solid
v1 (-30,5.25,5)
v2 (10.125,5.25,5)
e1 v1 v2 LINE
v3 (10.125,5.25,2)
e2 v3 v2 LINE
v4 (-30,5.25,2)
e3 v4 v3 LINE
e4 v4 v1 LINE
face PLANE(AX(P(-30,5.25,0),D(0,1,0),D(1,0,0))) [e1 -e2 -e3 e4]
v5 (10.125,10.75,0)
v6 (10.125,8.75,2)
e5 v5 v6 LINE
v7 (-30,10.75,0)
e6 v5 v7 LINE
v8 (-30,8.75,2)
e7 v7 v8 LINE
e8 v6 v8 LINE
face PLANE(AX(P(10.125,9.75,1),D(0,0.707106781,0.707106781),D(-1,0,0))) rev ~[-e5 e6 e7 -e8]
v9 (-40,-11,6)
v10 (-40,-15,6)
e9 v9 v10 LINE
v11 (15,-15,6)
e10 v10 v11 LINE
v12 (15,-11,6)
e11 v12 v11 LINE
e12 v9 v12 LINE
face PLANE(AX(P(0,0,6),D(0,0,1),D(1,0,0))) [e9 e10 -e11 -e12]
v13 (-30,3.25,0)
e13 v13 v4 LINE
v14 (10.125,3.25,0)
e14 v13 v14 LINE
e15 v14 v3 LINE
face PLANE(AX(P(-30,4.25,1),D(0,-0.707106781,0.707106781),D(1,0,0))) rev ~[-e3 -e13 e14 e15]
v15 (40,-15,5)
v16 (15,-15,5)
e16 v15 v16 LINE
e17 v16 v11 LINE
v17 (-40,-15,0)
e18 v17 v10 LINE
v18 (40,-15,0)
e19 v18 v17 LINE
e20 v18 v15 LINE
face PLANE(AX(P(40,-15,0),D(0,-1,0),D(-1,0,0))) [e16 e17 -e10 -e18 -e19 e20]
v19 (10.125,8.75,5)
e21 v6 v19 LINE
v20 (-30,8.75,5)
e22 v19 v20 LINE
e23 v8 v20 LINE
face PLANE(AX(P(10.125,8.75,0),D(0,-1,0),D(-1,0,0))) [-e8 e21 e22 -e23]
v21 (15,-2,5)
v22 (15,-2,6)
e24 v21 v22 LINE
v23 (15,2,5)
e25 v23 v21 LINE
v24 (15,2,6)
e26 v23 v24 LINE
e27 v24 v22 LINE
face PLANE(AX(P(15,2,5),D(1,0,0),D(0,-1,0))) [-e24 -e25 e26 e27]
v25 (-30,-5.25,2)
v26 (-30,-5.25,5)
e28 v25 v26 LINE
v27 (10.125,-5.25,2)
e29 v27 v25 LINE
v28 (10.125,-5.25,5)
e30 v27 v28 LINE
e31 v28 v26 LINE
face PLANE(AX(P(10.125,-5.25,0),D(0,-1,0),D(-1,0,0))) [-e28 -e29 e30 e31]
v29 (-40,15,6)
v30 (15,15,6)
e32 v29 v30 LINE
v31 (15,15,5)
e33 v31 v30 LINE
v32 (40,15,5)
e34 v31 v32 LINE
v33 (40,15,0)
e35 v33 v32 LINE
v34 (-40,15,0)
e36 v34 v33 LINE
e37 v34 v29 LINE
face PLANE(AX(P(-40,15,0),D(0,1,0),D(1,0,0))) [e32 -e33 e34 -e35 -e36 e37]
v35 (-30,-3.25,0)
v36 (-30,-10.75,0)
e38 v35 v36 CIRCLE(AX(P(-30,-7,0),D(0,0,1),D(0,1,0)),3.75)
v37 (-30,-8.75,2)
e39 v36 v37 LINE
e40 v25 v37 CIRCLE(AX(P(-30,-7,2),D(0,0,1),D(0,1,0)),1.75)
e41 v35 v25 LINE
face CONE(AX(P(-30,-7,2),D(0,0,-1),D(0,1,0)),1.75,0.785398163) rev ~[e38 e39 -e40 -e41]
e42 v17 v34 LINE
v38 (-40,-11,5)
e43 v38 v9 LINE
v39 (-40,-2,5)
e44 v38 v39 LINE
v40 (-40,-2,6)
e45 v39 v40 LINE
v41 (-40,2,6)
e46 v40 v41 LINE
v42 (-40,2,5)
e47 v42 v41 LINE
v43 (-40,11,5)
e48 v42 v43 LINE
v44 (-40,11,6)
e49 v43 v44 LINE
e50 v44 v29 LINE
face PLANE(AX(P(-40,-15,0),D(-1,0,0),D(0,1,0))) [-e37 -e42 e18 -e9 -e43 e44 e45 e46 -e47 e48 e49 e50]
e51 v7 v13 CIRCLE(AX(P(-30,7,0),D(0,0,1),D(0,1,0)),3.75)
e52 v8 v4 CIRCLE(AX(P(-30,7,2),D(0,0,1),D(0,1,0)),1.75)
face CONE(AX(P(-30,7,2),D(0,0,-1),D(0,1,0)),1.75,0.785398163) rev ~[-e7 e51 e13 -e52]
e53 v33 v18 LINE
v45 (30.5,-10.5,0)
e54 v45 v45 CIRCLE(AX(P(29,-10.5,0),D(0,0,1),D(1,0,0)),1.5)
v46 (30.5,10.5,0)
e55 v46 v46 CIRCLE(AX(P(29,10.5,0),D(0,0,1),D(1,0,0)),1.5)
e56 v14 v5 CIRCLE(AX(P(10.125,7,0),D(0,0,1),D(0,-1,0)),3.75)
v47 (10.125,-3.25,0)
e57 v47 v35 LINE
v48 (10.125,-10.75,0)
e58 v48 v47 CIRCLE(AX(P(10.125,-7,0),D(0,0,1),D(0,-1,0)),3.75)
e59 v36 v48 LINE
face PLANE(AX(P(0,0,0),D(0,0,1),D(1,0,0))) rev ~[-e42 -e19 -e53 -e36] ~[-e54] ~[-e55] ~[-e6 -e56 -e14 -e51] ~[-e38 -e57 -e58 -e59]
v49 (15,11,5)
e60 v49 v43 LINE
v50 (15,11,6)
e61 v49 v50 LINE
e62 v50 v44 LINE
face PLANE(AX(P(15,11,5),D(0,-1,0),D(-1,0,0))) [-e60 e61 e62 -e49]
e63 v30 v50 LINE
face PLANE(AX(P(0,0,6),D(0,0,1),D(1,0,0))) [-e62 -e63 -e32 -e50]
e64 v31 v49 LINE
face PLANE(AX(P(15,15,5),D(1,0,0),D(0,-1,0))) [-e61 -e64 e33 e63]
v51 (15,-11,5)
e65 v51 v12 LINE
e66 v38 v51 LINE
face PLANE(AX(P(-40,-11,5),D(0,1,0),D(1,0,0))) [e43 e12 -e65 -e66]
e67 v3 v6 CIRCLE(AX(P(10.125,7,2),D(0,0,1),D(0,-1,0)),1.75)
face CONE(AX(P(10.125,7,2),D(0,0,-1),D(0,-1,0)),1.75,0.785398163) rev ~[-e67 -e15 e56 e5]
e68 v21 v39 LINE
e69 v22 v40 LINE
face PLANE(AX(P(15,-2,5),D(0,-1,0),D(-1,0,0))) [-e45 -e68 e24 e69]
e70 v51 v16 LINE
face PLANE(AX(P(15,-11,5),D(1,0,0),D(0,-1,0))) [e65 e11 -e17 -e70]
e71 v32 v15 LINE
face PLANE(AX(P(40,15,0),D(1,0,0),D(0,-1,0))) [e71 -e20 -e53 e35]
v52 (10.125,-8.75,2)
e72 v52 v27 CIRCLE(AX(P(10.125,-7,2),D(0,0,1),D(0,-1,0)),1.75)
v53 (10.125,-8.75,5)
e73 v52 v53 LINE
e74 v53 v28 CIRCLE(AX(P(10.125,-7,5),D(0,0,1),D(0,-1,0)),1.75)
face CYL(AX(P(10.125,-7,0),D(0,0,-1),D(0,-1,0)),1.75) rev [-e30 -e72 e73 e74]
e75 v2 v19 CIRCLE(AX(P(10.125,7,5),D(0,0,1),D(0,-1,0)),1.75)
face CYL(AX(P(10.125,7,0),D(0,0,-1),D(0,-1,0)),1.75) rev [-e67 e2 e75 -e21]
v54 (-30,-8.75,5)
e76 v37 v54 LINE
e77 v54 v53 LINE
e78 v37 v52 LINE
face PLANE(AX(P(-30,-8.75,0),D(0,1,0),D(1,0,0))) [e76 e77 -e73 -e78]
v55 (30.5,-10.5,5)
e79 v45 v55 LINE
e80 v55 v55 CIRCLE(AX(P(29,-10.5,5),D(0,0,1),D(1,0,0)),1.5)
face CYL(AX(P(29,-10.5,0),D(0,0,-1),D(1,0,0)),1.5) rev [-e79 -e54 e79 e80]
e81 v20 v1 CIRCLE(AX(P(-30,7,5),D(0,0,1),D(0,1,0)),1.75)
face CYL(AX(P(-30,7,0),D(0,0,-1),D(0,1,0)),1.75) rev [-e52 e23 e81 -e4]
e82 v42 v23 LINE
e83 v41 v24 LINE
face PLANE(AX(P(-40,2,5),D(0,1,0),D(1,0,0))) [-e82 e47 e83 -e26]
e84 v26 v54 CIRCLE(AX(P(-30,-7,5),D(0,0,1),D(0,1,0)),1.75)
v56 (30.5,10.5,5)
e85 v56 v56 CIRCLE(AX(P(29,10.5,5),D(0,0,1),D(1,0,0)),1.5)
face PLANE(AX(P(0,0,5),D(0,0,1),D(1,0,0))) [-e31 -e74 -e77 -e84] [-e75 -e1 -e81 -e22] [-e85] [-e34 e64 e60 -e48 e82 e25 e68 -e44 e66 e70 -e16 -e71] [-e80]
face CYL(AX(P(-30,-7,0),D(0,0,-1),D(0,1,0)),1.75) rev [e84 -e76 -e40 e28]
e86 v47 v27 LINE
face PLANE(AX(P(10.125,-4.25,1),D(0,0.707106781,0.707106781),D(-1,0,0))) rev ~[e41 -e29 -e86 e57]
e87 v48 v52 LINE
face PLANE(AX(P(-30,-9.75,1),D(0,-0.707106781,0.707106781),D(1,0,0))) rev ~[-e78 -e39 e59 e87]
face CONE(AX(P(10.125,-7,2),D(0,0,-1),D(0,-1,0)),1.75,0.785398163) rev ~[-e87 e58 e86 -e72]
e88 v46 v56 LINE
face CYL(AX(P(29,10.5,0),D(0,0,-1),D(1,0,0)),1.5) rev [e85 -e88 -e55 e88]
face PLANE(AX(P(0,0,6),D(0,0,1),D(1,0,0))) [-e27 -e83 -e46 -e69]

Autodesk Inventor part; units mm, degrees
ref_plane "YZ Plane" through (0, 0, 0) normal (1, 0, 0) x (0, 1, 0)
ref_plane "XZ Plane" through (0, 0, 0) normal (0, 1, 0) x (-1, 0, 0)
ref_plane "XY Plane" through (0, 0, 0) normal (0, 0, 1) x (1, 0, 0)
sketch "Sketch1" plane through (0, 0, 0) normal (0, 0, 1) x (1, 0, 0)
  line L0 (-40, 15) -> (40, 15)
  line L1 (40, 15) -> (40, -15)
  line L2 (40, -15) -> (-40, -15)
  line L3 (-40, -15) -> (-40, 15)
  line L4 (-30, 7) -> (10.125, 7) construction
  line L5 (-30, 5.25) -> (10.125, 5.25)
  line L6 (10.125, 8.75) -> (-30, 8.75)
  arc A0 (-30, 8.75) -> (-30, 5.25) centre (-30, 7) ccw
  arc A1 (10.125, 5.25) -> (10.125, 8.75) centre (10.125, 7) ccw
  line L7 (-30, -7) -> (10.125, -7) construction
  line L8 (-30, -8.75) -> (10.125, -8.75)
  line L9 (10.125, -5.25) -> (-30, -5.25)
  arc A2 (-30, -5.25) -> (-30, -8.75) centre (-30, -7) ccw
  arc A3 (10.125, -8.75) -> (10.125, -5.25) centre (10.125, -7) ccw
  circle A4 centre (29, 10.5) radius 1.5
  circle A5 centre (29, -10.5) radius 1.5
  point P0 (0, 0)
  point P1 (-9.9375, 7)
  point P2 (-9.9375, -7)
  point P3 (40, 0)
  point P4 (0, -15)
  dimension "d0" = 21
  dimension "d1" = 11
  dimension "d2" = 30
  dimension "d3" = 3
  dimension "d4" = 4.5
  dimension "d5" = 80
  dimension "d6" = 3.5
  dimension "d7" = 3.5
  dimension "d8" = 10
  dimension "d10" = 10
  dimension "d11" = 8
  dimension "d12" = 8
  dimension "d13" = 18.875
  dimension "d14" = 18.875
extrude "Extrusion1" add sketch "Sketch1" along normal blind 5
sketch "Sketch2" plane through (0, 0, 5) normal (0, 0, 1) x (1, 0, 0)
  line L0 (-40, 15) -> (15, 15)
  line L1 (15, 15) -> (15, 11)
  line L2 (15, 11) -> (-40, 11)
  line L3 (-40, 11) -> (-40, 15)
  line L4 (-40, 2) -> (15, 2)
  line L5 (15, 2) -> (15, -2)
  line L6 (15, -2) -> (-40, -2)
  line L7 (-40, -2) -> (-40, 2)
  line L8 (-40, 15) -> (-40, -15) projected
  line L9 (-40, -15) -> (40, -15) projected
  line L10 (-40, -11) -> (15, -11)
  line L11 (15, -11) -> (15, -15)
  line L12 (15, -15) -> (-40, -15)
  line L13 (-40, -15) -> (-40, -11)
  point P0 (0, 0)
  point P1 (15, 0)
  dimension "d17" = 4
  dimension "d18" = 4
  dimension "d19" = 4
  dimension "d20" = 55
extrude "Extrusion2" add sketch "Sketch2" along normal blind 1
chamfer "Chamfer1" distance 2 angle 45 8 edges at (-9.9375, 5.25, 0) (11.875, 7, 0) (-9.9375, 8.75, 0) (-31.75, 7, 0) (-9.9375, -8.75, 0) (11.875, -7, 0) (-9.9375, -5.25, 0) (-31.75, -7, 0)
equation "\"d10\" = d8"
equation "\"d12\" = d11"
equation "\"d14\" = d13"
equation "\"d18\" = d17"
equation "\"d19\" = d17"
